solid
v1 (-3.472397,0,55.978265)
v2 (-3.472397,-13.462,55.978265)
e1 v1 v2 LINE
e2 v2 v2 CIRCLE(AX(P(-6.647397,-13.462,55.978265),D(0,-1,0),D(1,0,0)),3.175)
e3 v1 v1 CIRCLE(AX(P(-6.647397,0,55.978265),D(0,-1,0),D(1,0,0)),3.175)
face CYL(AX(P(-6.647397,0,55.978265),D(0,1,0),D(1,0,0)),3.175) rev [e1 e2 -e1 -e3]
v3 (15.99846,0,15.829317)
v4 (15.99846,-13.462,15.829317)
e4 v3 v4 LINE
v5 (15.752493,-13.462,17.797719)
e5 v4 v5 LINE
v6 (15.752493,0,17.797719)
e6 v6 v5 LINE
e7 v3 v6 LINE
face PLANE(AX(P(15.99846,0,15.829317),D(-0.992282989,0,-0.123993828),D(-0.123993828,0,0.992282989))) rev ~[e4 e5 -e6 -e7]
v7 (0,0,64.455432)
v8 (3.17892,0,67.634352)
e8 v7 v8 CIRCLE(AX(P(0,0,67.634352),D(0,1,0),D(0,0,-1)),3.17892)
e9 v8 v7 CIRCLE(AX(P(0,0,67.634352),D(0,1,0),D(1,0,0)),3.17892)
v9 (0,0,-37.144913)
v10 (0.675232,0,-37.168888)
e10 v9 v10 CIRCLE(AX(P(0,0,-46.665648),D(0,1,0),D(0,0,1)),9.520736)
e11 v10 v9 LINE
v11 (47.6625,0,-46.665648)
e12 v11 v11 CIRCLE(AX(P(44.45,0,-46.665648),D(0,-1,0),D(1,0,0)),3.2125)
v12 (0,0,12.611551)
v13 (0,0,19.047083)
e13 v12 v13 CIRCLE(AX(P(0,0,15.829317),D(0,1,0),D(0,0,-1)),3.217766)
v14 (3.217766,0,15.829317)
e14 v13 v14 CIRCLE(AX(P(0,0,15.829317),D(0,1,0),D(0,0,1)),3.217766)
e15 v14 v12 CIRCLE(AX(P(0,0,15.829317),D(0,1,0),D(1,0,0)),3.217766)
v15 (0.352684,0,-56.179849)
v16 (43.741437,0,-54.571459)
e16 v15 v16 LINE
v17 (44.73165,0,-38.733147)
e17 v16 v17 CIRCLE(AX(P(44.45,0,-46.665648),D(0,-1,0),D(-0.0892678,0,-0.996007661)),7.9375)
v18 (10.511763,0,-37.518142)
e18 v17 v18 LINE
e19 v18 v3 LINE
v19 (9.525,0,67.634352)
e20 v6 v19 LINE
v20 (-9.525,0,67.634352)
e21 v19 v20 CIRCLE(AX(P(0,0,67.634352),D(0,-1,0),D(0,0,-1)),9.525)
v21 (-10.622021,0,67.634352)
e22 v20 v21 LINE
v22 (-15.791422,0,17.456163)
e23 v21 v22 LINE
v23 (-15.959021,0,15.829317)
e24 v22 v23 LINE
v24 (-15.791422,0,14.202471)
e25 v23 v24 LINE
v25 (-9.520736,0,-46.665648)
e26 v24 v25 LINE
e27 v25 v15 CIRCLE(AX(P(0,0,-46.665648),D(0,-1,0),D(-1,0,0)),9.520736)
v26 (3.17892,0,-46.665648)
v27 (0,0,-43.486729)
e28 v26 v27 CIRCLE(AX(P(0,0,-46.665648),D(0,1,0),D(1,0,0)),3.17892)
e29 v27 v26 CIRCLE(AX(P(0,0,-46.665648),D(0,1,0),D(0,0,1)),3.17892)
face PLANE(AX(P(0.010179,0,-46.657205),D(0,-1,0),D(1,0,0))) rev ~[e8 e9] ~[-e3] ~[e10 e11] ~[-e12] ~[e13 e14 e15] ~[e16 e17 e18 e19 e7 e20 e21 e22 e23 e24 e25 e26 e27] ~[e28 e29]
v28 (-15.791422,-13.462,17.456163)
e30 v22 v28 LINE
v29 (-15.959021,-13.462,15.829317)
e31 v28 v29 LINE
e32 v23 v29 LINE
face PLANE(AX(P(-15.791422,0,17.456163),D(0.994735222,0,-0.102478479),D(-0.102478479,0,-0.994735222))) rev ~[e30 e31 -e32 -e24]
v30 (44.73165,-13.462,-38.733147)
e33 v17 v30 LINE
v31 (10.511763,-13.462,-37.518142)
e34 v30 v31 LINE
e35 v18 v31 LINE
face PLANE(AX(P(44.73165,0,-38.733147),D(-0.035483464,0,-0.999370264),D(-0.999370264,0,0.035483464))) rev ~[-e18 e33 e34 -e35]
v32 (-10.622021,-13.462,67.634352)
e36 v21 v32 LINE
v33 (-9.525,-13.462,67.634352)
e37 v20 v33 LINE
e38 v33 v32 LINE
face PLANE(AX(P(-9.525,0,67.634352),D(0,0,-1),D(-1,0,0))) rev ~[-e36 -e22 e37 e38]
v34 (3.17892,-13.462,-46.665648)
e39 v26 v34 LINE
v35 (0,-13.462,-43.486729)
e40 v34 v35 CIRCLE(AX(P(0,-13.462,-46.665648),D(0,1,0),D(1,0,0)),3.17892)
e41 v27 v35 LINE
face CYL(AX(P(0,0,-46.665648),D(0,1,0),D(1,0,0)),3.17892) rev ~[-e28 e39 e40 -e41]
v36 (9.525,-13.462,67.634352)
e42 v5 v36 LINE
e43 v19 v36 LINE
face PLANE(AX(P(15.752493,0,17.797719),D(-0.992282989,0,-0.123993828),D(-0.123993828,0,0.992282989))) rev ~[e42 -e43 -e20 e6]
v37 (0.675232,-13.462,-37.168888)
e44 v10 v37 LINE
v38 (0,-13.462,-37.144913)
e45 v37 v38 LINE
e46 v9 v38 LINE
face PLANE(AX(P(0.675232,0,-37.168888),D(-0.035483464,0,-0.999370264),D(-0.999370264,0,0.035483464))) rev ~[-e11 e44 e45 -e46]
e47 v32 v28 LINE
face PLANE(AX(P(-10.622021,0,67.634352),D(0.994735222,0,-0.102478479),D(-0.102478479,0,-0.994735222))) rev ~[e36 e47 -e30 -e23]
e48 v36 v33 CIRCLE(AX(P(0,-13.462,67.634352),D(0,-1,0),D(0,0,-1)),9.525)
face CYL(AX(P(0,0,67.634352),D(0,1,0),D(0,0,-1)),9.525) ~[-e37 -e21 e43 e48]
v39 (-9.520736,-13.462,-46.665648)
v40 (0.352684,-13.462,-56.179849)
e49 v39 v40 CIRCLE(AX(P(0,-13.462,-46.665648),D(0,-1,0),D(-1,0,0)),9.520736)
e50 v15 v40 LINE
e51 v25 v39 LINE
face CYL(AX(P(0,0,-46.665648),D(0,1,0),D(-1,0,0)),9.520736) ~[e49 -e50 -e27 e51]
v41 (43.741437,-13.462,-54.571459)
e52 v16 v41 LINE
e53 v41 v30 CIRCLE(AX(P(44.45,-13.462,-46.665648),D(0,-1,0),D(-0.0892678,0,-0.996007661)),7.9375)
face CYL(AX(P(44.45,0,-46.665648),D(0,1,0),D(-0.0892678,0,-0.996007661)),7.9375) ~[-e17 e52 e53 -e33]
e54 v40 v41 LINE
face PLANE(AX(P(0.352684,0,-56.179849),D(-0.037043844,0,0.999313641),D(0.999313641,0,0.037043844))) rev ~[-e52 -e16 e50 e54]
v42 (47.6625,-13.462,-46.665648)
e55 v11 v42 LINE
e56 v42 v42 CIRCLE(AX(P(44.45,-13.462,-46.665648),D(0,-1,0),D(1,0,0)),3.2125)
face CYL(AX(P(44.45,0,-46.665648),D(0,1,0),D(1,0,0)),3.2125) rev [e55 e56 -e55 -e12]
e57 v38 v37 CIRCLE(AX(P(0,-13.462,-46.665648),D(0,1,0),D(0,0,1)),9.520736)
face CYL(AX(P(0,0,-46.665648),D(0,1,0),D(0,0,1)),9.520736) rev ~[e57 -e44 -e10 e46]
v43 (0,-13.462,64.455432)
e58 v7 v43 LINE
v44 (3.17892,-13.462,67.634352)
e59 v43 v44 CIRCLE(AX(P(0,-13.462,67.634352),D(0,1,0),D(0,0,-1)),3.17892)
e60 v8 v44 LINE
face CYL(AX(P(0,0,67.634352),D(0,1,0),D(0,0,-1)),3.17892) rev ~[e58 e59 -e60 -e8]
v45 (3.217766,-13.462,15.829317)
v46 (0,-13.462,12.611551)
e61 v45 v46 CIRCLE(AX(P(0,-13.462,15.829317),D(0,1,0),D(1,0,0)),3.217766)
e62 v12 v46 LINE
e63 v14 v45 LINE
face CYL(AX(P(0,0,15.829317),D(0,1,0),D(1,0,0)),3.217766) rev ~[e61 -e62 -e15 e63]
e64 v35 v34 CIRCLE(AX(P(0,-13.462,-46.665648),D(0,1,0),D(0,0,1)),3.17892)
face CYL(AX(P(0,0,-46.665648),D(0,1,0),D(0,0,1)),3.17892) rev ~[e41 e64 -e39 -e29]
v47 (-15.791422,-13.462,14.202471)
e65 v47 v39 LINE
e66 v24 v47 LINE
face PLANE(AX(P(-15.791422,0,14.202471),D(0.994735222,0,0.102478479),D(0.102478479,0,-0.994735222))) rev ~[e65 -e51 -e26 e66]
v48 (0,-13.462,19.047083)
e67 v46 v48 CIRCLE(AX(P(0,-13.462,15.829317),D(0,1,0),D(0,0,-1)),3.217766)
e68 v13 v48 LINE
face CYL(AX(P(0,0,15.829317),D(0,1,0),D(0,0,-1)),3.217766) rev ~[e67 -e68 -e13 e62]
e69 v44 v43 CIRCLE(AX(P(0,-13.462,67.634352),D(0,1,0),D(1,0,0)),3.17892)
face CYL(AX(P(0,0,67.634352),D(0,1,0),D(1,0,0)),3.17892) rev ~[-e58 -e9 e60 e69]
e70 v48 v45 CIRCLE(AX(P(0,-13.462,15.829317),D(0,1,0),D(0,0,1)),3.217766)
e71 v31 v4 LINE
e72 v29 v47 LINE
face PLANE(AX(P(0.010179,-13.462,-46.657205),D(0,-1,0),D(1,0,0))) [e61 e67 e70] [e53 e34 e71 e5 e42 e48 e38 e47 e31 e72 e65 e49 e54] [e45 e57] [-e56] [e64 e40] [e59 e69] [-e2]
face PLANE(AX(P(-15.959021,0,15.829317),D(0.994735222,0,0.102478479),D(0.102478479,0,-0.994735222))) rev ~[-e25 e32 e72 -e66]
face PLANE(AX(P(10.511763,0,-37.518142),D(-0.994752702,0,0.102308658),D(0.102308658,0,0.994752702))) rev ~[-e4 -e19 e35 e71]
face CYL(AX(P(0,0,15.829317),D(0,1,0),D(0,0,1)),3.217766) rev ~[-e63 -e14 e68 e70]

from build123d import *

# Parameters (mm, degrees)
F0_R     = 3.175
F0_R_2   = 3.2125000766
F1_DEPTH = 13.462


with BuildPart() as f1:
    # F0 (on Front) → F1 (new body)
    with BuildSketch(Plane.XZ):
        with BuildLine():
            Line((0.6752318695, -37.168887578), (0, -37.1449129145))
            ThreePointArc((0, -37.1449129145), (-6.732176658, -39.9334717905), (-9.520735534, -46.6656484485))
            ThreePointArc((-9.520735534, -46.6656484485), (-6.6063072231, -53.5213840022), (0.3526843955, -56.1798493516))
            ThreePointArc((0.3526843955, -56.1798493516), (6.8557355537, -53.2719556715), (9.520735534, -46.6656484485))
            ThreePointArc((9.520735534, -46.6656484485), (9.5207025934, -46.640603759), (9.5206037718, -46.6155592429))
            ThreePointArc((9.5206037718, -46.6155592429), (6.9497242745, -40.1582881837), (0.6752318695, -37.168887578))
        make_face()
        with BuildLine():
            ThreePointArc((3.1789196841, -46.6656484485), (-2.2478356655, -48.913484114), (0, -43.4867287643))
            ThreePointArc((0, -43.4867287643), (2.2478356655, -44.417812783), (3.1789196841, -46.6656484485))
        make_face(mode=Mode.SUBTRACT)
        with BuildLine():
            ThreePointArc((-9.520735534, -46.6656484485), (-6.732176658, -39.9334717905), (0, -37.1449129145))
            Line((0, -37.1449129145), (0, -0.0456827283))
            ThreePointArc((0, -0.0456827283), (-10.6346002703, 4.042846125), (-15.7914216368, 14.2024713389))
            Line((-15.7914216368, 14.2024713389), (-9.520735534, -46.6656484485))
        make_face()
        with BuildLine():
            Line((0, -0.0456827283), (0, -37.1449129145))
            ThreePointArc((0, -37.1449129145), (0.3378286777, -37.1509084682), (0.6752318695, -37.168887578))
            Line((0.6752318695, -37.168887578), (10.5117630226, -37.5181417163))
            Line((10.5117630226, -37.5181417163), (15.9984602919, 15.8293172717))
            Line((15.9984602919, 15.8293172717), (15.7524925282, 17.7977186917))
            ThreePointArc((15.7524925282, 17.7977186917), (15.8443435314, 16.8154222649), (15.875, 15.8293172717))
            ThreePointArc((15.875, 15.8293172717), (11.2253201513, 4.6039971204), (0, -0.0456827283))
        make_face()
        with BuildLine():
            ThreePointArc((-15.7914216368, 14.2024713389), (-10.6346002703, 4.042846125), (0, -0.0456827283))
            Line((0, -0.0456827283), (0, 12.6115512793))
            ThreePointArc((0, 12.6115512793), (-3.2177659924, 15.8293172717), (0, 19.0470832641))
            Line((0, 19.0470832641), (0, 31.7043172717))
            ThreePointArc((0, 31.7043172717), (-10.6346003107, 27.615788382), (-15.7914216479, 17.4561630963))
            ThreePointArc((-15.7914216479, 17.4561630963), (-15.875, 15.8293172173), (-15.7914216368, 14.2024713389))
        make_face()
        with BuildLine():
            Line((0, 12.6115512793), (0, -0.0456827283))
            ThreePointArc((0, -0.0456827283), (11.2253201513, 4.6039971204), (15.875, 15.8293172717))
            ThreePointArc((15.875, 15.8293172717), (15.8443435314, 16.8154222649), (15.7524925282, 17.7977186917))
            ThreePointArc((15.7524925282, 17.7977186917), (10.5063612269, 27.7302415539), (0, 31.7043172717))
            Line((0, 31.7043172717), (0, 19.0470832641))
            ThreePointArc((0, 19.0470832641), (2.2753041535, 18.1046214252), (3.2177659924, 15.8293172717))
            ThreePointArc((3.2177659924, 15.8293172717), (2.2753041535, 13.5540131182), (0, 12.6115512793))
        make_face()
        with BuildLine():
            Line((10.5117630226, -37.5181417163), (0.6752318695, -37.168887578))
            ThreePointArc((0.6752318695, -37.168887578), (6.9497242745, -40.1582881837), (9.5206037718, -46.6155592429))
            Line((9.5206037718, -46.6155592429), (9.5709571967, -46.6656484485))
            Line((9.5709571967, -46.6656484485), (10.5117630226, -37.5181417163))
        make_face()
        with BuildLine():
            Line((-15.9590207054, 15.8293172717), (-15.7914216368, 14.2024713389))
            ThreePointArc((-15.7914216368, 14.2024713389), (-15.875, 15.8293172173), (-15.7914216479, 17.4561630963))
            Line((-15.7914216479, 17.4561630963), (-15.9590207054, 15.8293172717))
        make_face()
        with BuildLine():
            ThreePointArc((9.520735534, -46.6656484485), (6.8557355537, -53.2719556715), (0.3526843955, -56.1798493516))
            Line((0.3526843955, -56.1798493516), (43.741436841, -54.5714592544))
            ThreePointArc((43.741436841, -54.5714592544), (36.5279675822, -46.1703620453), (44.7316499965, -38.7331469811))
            Line((44.7316499965, -38.7331469811), (10.5117630226, -37.5181417163))
            Line((10.5117630226, -37.5181417163), (9.5709571967, -46.6656484485))
            Line((9.5709571967, -46.6656484485), (9.5206037718, -46.6155592429))
            ThreePointArc((9.5206037718, -46.6155592429), (9.5207025934, -46.640603759), (9.520735534, -46.6656484485))
        make_face()
        with BuildLine():
            Line((-10.6220214741, 67.6343515515), (-15.7914216479, 17.4561630963))
            ThreePointArc((-15.7914216479, 17.4561630963), (-10.6346003107, 27.615788382), (0, 31.7043172717))
            Line((0, 31.7043172717), (0, 58.1093515515))
            ThreePointArc((0, 58.1093515515), (-6.7351920908, 60.8991594607), (-9.525, 67.6343515515))
            Line((-9.525, 67.6343515515), (-10.6220214741, 67.6343515515))
        make_face()
        with Locations((-6.6473968327, 55.9782646596)):
            Circle(F0_R, mode=Mode.SUBTRACT)
        with BuildLine():
            ThreePointArc((0, 31.7043172717), (10.5063612269, 27.7302415539), (15.7524925282, 17.7977186917))
            Line((15.7524925282, 17.7977186917), (9.525, 67.6343515515))
            ThreePointArc((9.525, 67.6343515515), (6.7351920908, 60.8991594607), (0, 58.1093515515))
            Line((0, 58.1093515515), (0, 31.7043172717))
        make_face()
        with BuildLine():
            ThreePointArc((44.7316499965, -38.7331469811), (36.5279675822, -46.1703620453), (43.741436841, -54.5714592544))
            ThreePointArc((43.741436841, -54.5714592544), (49.8062900489, -52.5234691321), (52.3875, -46.6656484485))
            ThreePointArc((52.3875, -46.6656484485), (50.161370374, -41.1534660584), (44.7316499965, -38.7331469811))
        make_face()
        with Locations((44.45, -46.6656484485)):
            Circle(F0_R_2, mode=Mode.SUBTRACT)
        with BuildLine():
            ThreePointArc((0, 58.1093515515), (6.7351920908, 60.8991594607), (9.525, 67.6343515515))
            ThreePointArc((9.525, 67.6343515515), (0, 77.1593515515), (-9.525, 67.6343515515))
            ThreePointArc((-9.525, 67.6343515515), (-6.7351920908, 60.8991594607), (0, 58.1093515515))
        make_face()
        with BuildLine():
            ThreePointArc((3.1789200214, 67.6343515515), (2.247835904, 65.3865156475), (0, 64.4554315301))
            ThreePointArc((0, 64.4554315301), (-2.247835904, 69.8821874555), (3.1789200214, 67.6343515515))
        make_face(mode=Mode.SUBTRACT)
    extrude(amount=F1_DEPTH)


solid = f1.part
